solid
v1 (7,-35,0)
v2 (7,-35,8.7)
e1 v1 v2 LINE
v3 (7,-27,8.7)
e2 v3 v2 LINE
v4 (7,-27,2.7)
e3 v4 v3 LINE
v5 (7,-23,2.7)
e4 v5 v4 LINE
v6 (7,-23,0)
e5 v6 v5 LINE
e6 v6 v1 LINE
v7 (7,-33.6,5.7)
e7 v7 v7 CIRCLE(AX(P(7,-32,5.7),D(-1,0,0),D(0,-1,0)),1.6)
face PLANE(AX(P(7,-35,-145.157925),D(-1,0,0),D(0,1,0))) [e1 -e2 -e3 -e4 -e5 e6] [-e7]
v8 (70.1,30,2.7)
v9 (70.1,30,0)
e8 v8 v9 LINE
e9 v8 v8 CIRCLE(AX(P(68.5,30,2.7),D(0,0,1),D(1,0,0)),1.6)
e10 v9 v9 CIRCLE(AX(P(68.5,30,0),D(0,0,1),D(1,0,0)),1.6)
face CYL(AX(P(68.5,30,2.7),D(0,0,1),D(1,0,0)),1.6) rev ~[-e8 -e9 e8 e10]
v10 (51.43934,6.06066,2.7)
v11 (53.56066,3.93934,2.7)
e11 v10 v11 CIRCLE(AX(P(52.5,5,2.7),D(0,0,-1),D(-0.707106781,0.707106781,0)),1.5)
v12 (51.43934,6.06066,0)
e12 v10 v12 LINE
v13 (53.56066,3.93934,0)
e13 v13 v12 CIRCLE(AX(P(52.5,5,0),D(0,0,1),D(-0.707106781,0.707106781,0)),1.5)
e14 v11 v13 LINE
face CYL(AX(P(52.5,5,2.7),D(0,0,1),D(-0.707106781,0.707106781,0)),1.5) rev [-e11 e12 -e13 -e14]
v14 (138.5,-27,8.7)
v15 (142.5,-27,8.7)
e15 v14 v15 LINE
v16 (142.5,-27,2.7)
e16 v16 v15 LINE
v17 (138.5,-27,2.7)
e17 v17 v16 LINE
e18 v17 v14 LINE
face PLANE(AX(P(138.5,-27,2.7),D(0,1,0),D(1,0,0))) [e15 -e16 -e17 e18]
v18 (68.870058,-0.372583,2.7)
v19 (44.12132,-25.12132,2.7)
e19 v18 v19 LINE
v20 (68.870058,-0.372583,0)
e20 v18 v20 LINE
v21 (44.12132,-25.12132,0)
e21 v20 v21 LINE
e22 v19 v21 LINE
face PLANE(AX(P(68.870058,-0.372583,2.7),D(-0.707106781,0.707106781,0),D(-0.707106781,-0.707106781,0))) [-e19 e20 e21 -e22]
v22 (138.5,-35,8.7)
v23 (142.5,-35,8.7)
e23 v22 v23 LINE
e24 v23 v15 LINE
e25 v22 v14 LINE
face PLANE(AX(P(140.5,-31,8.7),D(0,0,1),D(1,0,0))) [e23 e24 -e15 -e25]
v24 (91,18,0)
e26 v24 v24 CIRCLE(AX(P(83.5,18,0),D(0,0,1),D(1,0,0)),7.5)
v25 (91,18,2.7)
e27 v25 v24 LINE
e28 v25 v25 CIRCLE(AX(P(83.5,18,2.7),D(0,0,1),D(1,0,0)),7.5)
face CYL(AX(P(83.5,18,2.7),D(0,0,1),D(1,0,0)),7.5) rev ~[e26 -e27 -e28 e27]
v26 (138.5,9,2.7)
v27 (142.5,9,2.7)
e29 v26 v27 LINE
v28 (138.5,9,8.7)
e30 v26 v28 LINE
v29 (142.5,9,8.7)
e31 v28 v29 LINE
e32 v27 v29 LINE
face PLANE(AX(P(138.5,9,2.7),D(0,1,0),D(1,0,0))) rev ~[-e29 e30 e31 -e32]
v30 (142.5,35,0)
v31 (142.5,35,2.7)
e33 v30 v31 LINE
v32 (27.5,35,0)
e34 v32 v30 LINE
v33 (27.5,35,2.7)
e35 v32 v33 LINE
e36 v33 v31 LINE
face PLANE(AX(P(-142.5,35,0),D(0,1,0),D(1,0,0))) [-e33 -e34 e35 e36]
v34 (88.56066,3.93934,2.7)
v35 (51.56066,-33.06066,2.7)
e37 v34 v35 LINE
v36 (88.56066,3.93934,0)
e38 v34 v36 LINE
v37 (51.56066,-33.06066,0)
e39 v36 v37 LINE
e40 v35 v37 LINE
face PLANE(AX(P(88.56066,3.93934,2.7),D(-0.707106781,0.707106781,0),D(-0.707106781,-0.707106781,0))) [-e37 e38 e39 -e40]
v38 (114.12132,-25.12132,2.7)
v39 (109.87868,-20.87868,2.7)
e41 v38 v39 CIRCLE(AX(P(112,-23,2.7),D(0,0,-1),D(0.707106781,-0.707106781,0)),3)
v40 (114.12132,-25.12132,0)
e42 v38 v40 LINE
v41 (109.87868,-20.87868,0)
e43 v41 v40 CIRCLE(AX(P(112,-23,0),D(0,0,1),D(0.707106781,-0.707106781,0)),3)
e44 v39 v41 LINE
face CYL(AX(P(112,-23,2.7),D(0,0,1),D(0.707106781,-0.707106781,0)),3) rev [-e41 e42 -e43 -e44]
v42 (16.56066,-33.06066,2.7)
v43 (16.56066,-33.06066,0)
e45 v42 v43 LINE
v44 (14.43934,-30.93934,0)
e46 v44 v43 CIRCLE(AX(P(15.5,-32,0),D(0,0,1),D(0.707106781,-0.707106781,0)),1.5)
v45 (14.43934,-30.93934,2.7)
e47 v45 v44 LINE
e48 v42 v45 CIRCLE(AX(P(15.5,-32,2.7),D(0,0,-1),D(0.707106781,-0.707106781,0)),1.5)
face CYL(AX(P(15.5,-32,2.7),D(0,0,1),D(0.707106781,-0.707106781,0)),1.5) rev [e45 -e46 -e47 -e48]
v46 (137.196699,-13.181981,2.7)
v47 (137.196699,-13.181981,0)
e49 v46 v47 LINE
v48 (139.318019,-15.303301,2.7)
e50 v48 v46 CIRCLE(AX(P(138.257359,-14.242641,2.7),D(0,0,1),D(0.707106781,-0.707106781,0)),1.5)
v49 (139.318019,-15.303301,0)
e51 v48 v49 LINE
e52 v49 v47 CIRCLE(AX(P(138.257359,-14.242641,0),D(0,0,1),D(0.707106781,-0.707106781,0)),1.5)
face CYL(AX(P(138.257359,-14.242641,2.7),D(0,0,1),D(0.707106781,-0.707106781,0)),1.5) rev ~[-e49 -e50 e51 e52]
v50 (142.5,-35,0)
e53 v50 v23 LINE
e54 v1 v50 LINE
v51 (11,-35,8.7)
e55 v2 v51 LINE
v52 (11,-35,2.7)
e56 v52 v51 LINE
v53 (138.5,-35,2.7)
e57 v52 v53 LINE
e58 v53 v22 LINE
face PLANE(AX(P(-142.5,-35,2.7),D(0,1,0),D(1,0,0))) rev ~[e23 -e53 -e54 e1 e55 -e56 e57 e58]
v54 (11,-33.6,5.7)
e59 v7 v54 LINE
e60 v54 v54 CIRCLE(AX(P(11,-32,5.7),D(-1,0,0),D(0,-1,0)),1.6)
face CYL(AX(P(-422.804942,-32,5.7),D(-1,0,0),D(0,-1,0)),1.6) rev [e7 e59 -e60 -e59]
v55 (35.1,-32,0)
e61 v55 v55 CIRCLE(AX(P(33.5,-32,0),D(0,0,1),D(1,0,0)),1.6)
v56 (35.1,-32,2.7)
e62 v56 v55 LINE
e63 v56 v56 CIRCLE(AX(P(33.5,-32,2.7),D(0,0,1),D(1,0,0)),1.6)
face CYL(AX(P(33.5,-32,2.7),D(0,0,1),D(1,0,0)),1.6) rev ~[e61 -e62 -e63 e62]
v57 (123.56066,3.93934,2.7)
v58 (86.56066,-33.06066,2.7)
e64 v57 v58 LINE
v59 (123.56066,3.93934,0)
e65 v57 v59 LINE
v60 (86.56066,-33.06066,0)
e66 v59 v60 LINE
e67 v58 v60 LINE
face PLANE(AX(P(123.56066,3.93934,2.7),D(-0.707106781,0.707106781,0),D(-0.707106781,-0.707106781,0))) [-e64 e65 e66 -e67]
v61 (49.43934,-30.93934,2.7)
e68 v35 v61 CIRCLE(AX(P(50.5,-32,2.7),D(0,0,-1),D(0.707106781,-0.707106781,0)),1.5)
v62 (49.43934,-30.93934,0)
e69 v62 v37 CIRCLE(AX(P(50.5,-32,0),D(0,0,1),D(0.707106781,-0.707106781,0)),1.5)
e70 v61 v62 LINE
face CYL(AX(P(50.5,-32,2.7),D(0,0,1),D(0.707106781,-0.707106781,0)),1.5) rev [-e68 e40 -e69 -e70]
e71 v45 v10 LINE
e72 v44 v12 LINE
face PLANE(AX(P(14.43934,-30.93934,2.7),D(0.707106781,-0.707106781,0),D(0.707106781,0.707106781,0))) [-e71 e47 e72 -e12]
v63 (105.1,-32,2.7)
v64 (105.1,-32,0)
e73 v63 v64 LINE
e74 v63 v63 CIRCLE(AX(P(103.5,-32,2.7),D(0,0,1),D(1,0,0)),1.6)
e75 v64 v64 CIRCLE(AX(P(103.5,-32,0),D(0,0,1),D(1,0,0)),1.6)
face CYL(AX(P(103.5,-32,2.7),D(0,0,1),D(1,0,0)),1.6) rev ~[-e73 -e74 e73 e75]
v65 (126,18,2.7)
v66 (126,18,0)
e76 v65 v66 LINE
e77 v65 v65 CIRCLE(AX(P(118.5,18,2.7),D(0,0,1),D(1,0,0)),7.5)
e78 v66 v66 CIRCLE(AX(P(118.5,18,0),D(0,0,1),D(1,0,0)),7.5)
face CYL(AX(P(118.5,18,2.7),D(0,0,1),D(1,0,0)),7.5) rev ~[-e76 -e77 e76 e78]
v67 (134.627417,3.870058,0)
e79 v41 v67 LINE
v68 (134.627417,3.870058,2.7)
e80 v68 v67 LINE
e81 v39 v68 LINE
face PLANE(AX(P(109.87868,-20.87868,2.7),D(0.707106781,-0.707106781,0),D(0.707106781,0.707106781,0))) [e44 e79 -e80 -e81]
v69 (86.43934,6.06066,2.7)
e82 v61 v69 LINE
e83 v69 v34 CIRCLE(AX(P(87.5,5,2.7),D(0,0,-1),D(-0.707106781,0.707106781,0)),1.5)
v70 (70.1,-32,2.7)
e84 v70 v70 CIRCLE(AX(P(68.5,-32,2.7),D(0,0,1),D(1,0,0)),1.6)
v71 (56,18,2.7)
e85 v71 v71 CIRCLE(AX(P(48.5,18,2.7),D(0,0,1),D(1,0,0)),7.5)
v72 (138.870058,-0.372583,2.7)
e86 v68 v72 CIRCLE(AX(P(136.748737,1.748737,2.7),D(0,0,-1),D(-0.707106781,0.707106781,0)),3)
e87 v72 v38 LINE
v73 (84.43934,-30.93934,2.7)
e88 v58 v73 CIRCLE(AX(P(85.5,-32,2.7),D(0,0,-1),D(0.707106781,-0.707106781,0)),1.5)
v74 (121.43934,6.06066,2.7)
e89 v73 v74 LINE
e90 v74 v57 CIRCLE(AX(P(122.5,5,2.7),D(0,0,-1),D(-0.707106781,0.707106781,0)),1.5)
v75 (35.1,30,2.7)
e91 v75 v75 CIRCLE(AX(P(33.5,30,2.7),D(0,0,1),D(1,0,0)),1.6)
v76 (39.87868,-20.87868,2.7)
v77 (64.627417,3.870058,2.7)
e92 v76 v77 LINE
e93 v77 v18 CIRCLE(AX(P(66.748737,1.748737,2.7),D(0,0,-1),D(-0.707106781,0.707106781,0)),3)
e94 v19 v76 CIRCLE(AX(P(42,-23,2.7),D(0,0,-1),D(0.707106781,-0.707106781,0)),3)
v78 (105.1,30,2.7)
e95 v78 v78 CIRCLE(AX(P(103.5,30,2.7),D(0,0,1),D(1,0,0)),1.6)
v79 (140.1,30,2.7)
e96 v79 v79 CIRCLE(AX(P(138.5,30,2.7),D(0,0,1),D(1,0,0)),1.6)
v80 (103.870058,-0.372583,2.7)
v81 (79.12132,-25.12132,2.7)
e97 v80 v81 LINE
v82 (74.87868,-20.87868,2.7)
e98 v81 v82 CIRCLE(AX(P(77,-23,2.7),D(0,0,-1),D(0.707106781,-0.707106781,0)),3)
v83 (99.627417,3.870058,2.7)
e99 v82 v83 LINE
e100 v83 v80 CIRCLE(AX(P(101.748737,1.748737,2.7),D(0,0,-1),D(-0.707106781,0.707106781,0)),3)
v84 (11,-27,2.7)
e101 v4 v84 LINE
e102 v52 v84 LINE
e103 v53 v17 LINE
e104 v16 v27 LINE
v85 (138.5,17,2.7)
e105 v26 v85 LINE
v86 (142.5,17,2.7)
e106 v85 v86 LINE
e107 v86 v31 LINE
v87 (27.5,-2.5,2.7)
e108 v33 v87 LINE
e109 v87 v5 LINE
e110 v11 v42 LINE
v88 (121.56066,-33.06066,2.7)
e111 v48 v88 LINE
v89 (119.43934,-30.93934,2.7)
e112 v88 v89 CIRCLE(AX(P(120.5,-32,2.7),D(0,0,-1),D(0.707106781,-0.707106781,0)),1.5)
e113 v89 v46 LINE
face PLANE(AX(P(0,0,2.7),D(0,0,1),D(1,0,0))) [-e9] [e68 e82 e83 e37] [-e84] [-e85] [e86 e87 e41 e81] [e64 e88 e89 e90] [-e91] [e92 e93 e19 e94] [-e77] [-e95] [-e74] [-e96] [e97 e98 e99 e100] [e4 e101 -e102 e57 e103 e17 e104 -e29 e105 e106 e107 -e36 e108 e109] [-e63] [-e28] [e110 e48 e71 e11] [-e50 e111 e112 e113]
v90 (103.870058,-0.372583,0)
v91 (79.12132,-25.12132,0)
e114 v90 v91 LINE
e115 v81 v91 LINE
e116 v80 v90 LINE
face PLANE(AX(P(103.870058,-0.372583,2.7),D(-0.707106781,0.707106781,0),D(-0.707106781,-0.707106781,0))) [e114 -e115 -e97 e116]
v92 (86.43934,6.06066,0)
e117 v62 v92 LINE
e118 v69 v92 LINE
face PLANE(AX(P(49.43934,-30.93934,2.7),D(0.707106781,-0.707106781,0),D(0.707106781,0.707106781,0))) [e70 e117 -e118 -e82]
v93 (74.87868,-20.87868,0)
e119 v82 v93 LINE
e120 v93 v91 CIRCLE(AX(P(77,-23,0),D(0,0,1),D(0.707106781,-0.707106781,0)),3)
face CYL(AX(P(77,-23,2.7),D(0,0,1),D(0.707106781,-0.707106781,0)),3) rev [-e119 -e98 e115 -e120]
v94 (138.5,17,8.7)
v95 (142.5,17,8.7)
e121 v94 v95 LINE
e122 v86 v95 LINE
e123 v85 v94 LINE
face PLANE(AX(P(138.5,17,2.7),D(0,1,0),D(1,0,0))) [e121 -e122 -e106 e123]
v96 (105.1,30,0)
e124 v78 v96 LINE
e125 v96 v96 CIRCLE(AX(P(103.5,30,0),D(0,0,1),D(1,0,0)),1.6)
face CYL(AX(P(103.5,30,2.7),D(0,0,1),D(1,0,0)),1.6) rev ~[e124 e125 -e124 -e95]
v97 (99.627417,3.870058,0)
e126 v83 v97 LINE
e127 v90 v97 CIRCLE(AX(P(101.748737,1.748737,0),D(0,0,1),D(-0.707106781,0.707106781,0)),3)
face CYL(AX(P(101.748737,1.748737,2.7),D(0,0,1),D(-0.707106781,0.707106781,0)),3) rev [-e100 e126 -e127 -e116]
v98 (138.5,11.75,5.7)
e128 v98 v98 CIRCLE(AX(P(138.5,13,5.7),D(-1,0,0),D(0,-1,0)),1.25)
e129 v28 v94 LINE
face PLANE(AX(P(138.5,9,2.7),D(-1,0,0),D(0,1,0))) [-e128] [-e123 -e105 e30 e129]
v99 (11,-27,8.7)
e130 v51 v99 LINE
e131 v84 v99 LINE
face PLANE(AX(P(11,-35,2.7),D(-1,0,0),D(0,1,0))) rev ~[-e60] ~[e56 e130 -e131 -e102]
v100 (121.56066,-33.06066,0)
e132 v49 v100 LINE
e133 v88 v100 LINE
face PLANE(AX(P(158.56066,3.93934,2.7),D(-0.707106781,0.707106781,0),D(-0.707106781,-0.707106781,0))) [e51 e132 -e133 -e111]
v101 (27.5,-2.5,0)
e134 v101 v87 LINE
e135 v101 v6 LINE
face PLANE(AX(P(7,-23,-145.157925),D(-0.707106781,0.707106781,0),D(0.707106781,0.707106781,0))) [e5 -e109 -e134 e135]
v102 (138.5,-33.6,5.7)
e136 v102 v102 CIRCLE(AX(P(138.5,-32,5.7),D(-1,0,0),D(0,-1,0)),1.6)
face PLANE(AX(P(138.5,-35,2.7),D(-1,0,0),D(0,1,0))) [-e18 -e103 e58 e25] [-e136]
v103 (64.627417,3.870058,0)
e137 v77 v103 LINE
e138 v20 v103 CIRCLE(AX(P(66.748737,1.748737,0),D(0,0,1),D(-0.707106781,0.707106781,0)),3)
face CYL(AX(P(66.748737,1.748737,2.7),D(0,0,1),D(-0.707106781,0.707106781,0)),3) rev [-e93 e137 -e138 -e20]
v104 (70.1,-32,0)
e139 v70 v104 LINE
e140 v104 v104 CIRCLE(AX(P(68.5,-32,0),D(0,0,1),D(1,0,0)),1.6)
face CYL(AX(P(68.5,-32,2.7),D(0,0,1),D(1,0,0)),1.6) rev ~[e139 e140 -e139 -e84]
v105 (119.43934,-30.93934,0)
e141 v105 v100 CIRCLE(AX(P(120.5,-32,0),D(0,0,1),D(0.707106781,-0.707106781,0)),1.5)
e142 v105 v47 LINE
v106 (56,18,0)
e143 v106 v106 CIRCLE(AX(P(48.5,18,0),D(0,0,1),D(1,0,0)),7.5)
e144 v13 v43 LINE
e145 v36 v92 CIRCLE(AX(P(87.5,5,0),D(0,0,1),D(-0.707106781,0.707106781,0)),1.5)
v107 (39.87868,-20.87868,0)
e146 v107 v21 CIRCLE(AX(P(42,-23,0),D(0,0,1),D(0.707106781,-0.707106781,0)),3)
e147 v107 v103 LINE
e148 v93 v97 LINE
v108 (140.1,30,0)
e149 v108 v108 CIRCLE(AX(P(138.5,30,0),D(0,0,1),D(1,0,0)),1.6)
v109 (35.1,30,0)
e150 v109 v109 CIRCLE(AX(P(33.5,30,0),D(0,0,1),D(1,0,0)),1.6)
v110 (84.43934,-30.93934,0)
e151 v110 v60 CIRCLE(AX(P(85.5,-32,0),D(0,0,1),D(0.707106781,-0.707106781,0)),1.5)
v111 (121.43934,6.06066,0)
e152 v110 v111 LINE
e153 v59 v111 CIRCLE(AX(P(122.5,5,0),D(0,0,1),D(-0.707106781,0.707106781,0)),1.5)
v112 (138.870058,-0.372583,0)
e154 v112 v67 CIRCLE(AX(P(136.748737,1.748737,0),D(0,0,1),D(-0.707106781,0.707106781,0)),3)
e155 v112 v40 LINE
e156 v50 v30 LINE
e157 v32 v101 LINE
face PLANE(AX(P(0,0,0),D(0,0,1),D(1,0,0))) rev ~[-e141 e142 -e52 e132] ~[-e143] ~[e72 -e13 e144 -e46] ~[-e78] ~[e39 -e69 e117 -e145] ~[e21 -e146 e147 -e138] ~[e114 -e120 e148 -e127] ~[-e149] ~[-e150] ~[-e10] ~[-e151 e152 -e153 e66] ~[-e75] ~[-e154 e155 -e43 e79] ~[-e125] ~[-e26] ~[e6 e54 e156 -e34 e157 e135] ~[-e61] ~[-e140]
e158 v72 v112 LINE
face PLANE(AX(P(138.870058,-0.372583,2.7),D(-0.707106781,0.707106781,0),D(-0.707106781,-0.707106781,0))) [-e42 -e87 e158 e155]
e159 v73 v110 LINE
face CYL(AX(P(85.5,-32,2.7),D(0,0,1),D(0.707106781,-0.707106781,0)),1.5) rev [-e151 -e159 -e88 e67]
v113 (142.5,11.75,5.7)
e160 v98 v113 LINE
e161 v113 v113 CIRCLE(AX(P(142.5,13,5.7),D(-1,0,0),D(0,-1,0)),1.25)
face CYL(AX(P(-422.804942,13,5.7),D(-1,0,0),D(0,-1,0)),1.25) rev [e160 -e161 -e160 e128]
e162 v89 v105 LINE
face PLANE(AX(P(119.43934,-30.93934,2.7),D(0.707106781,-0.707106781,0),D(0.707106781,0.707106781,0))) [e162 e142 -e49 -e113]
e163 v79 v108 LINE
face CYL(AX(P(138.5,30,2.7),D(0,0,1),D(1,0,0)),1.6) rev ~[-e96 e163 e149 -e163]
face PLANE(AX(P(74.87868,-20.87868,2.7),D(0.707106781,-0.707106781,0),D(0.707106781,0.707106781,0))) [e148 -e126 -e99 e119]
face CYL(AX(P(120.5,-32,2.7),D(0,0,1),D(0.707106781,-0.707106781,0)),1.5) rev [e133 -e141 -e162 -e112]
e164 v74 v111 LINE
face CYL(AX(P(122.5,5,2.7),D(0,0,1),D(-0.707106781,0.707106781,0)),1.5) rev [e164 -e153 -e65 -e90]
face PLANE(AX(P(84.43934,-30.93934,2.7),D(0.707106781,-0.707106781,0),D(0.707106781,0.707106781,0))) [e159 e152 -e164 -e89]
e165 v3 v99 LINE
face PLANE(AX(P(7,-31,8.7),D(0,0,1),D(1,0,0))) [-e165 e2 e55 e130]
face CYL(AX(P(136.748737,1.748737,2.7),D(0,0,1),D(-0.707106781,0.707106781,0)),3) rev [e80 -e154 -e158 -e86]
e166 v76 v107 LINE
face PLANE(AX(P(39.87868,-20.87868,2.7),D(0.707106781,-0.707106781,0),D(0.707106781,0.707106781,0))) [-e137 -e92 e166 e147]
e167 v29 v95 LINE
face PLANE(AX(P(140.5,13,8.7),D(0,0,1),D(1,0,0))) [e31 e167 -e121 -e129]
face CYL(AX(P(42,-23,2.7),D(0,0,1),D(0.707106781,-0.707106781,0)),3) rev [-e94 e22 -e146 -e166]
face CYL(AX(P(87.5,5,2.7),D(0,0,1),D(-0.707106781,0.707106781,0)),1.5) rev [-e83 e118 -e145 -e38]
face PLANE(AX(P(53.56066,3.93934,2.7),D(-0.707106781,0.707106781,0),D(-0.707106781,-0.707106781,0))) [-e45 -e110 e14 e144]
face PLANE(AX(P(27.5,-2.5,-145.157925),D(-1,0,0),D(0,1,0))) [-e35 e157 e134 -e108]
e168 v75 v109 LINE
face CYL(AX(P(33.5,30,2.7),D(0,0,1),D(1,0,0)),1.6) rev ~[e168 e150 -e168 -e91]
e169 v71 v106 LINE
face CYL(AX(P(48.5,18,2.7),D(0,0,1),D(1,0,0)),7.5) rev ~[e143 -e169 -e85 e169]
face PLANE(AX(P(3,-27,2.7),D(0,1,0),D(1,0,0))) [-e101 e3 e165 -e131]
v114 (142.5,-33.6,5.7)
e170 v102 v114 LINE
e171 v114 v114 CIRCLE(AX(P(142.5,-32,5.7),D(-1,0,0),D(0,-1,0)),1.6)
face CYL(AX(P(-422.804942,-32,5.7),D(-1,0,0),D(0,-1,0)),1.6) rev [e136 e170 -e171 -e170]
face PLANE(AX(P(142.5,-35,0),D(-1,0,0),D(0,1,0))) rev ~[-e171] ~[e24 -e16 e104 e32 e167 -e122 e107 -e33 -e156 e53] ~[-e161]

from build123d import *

# Parameters (mm, degrees)
SKETCH_1_W               = 285
SKETCH_1_H               = 70
EXTRUDE_1_DEPTH          = 2.7
SKETCH_2_R               = 1.6
SKETCH_2_R_2             = 7.5
CUT_EXTRUDE_1_DEPTH      = 147.760144453
PATTERN_LINEAR_1_COUNT   = 8
PATTERN_LINEAR_1_PITCH   = 35
SKETCH_5_W               = 4
SKETCH_5_H               = 8
SKETCH_5_W_2             = 8
EXTRUDE_3_DEPTH          = 6
CUT_EXTRUDE_3_DEPTH      = 284.304941715
CUT_EXTRUDE_3_DEPTH_BACK = 284.304941715
SKETCH_7_R               = 1.6
SKETCH_7_R_2             = 1.25
SKETCH_9_R               = 3
EXTRUDE_4_DEPTH          = 2.7
CUT_EXTRUDE_4_DEPTH      = 147.857924539
PATTERN_LINEAR_2_COUNT   = 7
PATTERN_LINEAR_2_PITCH   = 35
PATTERN_LINEAR_3_COUNT   = 2
PATTERN_LINEAR_3_PITCH   = 35
CUT_EXTRUDE_2_DEPTH      = 147.857924539
CUT_EXTRUDE_2_DEPTH_BACK = 147.857924539


with BuildPart() as part:
    # 草图1 → 凸台-拉伸1 (new body)
    with BuildSketch(Plane.XY):
        Rectangle(SKETCH_1_W, SKETCH_1_H)
    extrude(amount=EXTRUDE_1_DEPTH)

    # 草图2 → 切除-拉伸1 (cut, through all)
    with BuildSketch(Plane.XY.offset(2.7)):
        with Locations((-106.5, -32)):
            Circle(SKETCH_2_R)
        with Locations((-106.5, 30)):
            Circle(SKETCH_2_R)
        with Locations((-126.5, 18)):
            Circle(SKETCH_2_R_2)
        with BuildLine():
            Line((-125.560660172, -30.939339828), (-88.560660172, 6.060660172))
            ThreePointArc((-88.560660172, 6.060660172), (-86.439339828, 6.060660172), (-86.439339828, 3.939339828))
            Line((-86.439339828, 3.939339828), (-123.439339828, -33.060660172))
            ThreePointArc((-123.439339828, -33.060660172), (-125.560660172, -33.060660172), (-125.560660172, -30.939339828))
        make_face()
    cut_extrude_1 = extrude(amount=-CUT_EXTRUDE_1_DEPTH, mode=Mode.SUBTRACT)

    # 阵列(线性)1: 切除-拉伸1 ×8
    with Locations(*[(i * PATTERN_LINEAR_1_PITCH, 0, 0) for i in range(1, PATTERN_LINEAR_1_COUNT)]):
        add(cut_extrude_1, mode=Mode.SUBTRACT)

    # 草图5 → 凸台-拉伸3 (add)
    with BuildSketch(Plane.XY.offset(2.7)):
        with Locations((-140.5, -31)):
            Rectangle(SKETCH_5_W, SKETCH_5_H)
        with Locations((140.5, -31)):
            Rectangle(SKETCH_5_W, SKETCH_5_H)
        with Locations((7, -31)):
            Rectangle(SKETCH_5_W_2, SKETCH_5_H)
        with Locations((-140.5, 13)):
            Rectangle(SKETCH_5_W, SKETCH_5_H)
        with Locations((140.5, 13)):
            Rectangle(SKETCH_5_W, SKETCH_5_H)
        with Locations((-4, 13)):
            Rectangle(SKETCH_5_W, SKETCH_5_H)
    extrude(amount=EXTRUDE_3_DEPTH)

    # 草图7 → 切除-拉伸3 (cut, two sides: drawn at the far end of the back side and taken through both)
    with BuildSketch(Plane(origin=(-138.5, 0, 0), x_dir=(0, 0, -1), z_dir=(1, 0, 0)).offset(-CUT_EXTRUDE_3_DEPTH_BACK)):
        with Locations(Location((-5.7, -32, 0), (0, 0, 270))):
            Circle(SKETCH_7_R)
        with Locations(Location((-5.7, 13, 0), (0, 0, 270))):
            Circle(SKETCH_7_R_2)
    extrude(amount=CUT_EXTRUDE_3_DEPTH + CUT_EXTRUDE_3_DEPTH_BACK, mode=Mode.SUBTRACT)

    # 草图9 → 凸台-拉伸4 (add)
    with BuildSketch(Plane.XY.offset(2.7)):
        with Locations((138.5, -32)):
            Circle(SKETCH_9_R)
        with BuildLine():
            Line((137.196699141, -13.181980515), (142.5, -7.878679656))
            Line((142.5, -7.878679656), (142.5, -12.121320344))
            Line((142.5, -12.121320344), (139.318019485, -15.303300859))
            ThreePointArc((139.318019485, -15.303300859), (139.318019485, -13.181980515), (137.196699141, -13.181980515))
        make_face()
    extrude(amount=-EXTRUDE_4_DEPTH)

    # 草图10 → 切除-拉伸4 (cut, through all)
    with BuildSketch(Plane.XY.offset(2.7)):
        with BuildLine():
            Line((-100.121320344, -20.878679656), (-75.372583002, 3.870057685))
            ThreePointArc((-75.372583002, 3.870057685), (-71.129942315, 3.870057685), (-71.129942315, -0.372583002))
            Line((-71.129942315, -0.372583002), (-95.878679656, -25.121320344))
            ThreePointArc((-95.878679656, -25.121320344), (-100.121320344, -25.121320344), (-100.121320344, -20.878679656))
        make_face()
    cut_extrude_4 = extrude(amount=-CUT_EXTRUDE_4_DEPTH, mode=Mode.SUBTRACT)

    # 阵列(线性)2: 切除-拉伸4 ×7, 1 skipped
    with Locations(*[(i * PATTERN_LINEAR_2_PITCH, 0, 0) for i in range(1, PATTERN_LINEAR_2_COUNT) if i not in (3,)]):
        add(cut_extrude_4, mode=Mode.SUBTRACT)

    # 阵列(线性)3: 切除-拉伸4 ×2
    with Locations(*[(-i * PATTERN_LINEAR_3_PITCH, 0, 0) for i in range(1, PATTERN_LINEAR_3_COUNT)]):
        add(cut_extrude_4, mode=Mode.SUBTRACT)

    # 草图3 → 切除-拉伸2 (cut, two sides: drawn at the far end of the back side and taken through both)
    with BuildSketch(Plane.XY.offset(2.7).offset(-CUT_EXTRUDE_2_DEPTH_BACK)):
        Polygon((27.5, 35), (-142.5, 35), (-142.5, -35), (7, -35), (7, -23), (27.5, -2.5), align=None)
    extrude(amount=CUT_EXTRUDE_2_DEPTH + CUT_EXTRUDE_2_DEPTH_BACK, mode=Mode.SUBTRACT)


solid = part.part
